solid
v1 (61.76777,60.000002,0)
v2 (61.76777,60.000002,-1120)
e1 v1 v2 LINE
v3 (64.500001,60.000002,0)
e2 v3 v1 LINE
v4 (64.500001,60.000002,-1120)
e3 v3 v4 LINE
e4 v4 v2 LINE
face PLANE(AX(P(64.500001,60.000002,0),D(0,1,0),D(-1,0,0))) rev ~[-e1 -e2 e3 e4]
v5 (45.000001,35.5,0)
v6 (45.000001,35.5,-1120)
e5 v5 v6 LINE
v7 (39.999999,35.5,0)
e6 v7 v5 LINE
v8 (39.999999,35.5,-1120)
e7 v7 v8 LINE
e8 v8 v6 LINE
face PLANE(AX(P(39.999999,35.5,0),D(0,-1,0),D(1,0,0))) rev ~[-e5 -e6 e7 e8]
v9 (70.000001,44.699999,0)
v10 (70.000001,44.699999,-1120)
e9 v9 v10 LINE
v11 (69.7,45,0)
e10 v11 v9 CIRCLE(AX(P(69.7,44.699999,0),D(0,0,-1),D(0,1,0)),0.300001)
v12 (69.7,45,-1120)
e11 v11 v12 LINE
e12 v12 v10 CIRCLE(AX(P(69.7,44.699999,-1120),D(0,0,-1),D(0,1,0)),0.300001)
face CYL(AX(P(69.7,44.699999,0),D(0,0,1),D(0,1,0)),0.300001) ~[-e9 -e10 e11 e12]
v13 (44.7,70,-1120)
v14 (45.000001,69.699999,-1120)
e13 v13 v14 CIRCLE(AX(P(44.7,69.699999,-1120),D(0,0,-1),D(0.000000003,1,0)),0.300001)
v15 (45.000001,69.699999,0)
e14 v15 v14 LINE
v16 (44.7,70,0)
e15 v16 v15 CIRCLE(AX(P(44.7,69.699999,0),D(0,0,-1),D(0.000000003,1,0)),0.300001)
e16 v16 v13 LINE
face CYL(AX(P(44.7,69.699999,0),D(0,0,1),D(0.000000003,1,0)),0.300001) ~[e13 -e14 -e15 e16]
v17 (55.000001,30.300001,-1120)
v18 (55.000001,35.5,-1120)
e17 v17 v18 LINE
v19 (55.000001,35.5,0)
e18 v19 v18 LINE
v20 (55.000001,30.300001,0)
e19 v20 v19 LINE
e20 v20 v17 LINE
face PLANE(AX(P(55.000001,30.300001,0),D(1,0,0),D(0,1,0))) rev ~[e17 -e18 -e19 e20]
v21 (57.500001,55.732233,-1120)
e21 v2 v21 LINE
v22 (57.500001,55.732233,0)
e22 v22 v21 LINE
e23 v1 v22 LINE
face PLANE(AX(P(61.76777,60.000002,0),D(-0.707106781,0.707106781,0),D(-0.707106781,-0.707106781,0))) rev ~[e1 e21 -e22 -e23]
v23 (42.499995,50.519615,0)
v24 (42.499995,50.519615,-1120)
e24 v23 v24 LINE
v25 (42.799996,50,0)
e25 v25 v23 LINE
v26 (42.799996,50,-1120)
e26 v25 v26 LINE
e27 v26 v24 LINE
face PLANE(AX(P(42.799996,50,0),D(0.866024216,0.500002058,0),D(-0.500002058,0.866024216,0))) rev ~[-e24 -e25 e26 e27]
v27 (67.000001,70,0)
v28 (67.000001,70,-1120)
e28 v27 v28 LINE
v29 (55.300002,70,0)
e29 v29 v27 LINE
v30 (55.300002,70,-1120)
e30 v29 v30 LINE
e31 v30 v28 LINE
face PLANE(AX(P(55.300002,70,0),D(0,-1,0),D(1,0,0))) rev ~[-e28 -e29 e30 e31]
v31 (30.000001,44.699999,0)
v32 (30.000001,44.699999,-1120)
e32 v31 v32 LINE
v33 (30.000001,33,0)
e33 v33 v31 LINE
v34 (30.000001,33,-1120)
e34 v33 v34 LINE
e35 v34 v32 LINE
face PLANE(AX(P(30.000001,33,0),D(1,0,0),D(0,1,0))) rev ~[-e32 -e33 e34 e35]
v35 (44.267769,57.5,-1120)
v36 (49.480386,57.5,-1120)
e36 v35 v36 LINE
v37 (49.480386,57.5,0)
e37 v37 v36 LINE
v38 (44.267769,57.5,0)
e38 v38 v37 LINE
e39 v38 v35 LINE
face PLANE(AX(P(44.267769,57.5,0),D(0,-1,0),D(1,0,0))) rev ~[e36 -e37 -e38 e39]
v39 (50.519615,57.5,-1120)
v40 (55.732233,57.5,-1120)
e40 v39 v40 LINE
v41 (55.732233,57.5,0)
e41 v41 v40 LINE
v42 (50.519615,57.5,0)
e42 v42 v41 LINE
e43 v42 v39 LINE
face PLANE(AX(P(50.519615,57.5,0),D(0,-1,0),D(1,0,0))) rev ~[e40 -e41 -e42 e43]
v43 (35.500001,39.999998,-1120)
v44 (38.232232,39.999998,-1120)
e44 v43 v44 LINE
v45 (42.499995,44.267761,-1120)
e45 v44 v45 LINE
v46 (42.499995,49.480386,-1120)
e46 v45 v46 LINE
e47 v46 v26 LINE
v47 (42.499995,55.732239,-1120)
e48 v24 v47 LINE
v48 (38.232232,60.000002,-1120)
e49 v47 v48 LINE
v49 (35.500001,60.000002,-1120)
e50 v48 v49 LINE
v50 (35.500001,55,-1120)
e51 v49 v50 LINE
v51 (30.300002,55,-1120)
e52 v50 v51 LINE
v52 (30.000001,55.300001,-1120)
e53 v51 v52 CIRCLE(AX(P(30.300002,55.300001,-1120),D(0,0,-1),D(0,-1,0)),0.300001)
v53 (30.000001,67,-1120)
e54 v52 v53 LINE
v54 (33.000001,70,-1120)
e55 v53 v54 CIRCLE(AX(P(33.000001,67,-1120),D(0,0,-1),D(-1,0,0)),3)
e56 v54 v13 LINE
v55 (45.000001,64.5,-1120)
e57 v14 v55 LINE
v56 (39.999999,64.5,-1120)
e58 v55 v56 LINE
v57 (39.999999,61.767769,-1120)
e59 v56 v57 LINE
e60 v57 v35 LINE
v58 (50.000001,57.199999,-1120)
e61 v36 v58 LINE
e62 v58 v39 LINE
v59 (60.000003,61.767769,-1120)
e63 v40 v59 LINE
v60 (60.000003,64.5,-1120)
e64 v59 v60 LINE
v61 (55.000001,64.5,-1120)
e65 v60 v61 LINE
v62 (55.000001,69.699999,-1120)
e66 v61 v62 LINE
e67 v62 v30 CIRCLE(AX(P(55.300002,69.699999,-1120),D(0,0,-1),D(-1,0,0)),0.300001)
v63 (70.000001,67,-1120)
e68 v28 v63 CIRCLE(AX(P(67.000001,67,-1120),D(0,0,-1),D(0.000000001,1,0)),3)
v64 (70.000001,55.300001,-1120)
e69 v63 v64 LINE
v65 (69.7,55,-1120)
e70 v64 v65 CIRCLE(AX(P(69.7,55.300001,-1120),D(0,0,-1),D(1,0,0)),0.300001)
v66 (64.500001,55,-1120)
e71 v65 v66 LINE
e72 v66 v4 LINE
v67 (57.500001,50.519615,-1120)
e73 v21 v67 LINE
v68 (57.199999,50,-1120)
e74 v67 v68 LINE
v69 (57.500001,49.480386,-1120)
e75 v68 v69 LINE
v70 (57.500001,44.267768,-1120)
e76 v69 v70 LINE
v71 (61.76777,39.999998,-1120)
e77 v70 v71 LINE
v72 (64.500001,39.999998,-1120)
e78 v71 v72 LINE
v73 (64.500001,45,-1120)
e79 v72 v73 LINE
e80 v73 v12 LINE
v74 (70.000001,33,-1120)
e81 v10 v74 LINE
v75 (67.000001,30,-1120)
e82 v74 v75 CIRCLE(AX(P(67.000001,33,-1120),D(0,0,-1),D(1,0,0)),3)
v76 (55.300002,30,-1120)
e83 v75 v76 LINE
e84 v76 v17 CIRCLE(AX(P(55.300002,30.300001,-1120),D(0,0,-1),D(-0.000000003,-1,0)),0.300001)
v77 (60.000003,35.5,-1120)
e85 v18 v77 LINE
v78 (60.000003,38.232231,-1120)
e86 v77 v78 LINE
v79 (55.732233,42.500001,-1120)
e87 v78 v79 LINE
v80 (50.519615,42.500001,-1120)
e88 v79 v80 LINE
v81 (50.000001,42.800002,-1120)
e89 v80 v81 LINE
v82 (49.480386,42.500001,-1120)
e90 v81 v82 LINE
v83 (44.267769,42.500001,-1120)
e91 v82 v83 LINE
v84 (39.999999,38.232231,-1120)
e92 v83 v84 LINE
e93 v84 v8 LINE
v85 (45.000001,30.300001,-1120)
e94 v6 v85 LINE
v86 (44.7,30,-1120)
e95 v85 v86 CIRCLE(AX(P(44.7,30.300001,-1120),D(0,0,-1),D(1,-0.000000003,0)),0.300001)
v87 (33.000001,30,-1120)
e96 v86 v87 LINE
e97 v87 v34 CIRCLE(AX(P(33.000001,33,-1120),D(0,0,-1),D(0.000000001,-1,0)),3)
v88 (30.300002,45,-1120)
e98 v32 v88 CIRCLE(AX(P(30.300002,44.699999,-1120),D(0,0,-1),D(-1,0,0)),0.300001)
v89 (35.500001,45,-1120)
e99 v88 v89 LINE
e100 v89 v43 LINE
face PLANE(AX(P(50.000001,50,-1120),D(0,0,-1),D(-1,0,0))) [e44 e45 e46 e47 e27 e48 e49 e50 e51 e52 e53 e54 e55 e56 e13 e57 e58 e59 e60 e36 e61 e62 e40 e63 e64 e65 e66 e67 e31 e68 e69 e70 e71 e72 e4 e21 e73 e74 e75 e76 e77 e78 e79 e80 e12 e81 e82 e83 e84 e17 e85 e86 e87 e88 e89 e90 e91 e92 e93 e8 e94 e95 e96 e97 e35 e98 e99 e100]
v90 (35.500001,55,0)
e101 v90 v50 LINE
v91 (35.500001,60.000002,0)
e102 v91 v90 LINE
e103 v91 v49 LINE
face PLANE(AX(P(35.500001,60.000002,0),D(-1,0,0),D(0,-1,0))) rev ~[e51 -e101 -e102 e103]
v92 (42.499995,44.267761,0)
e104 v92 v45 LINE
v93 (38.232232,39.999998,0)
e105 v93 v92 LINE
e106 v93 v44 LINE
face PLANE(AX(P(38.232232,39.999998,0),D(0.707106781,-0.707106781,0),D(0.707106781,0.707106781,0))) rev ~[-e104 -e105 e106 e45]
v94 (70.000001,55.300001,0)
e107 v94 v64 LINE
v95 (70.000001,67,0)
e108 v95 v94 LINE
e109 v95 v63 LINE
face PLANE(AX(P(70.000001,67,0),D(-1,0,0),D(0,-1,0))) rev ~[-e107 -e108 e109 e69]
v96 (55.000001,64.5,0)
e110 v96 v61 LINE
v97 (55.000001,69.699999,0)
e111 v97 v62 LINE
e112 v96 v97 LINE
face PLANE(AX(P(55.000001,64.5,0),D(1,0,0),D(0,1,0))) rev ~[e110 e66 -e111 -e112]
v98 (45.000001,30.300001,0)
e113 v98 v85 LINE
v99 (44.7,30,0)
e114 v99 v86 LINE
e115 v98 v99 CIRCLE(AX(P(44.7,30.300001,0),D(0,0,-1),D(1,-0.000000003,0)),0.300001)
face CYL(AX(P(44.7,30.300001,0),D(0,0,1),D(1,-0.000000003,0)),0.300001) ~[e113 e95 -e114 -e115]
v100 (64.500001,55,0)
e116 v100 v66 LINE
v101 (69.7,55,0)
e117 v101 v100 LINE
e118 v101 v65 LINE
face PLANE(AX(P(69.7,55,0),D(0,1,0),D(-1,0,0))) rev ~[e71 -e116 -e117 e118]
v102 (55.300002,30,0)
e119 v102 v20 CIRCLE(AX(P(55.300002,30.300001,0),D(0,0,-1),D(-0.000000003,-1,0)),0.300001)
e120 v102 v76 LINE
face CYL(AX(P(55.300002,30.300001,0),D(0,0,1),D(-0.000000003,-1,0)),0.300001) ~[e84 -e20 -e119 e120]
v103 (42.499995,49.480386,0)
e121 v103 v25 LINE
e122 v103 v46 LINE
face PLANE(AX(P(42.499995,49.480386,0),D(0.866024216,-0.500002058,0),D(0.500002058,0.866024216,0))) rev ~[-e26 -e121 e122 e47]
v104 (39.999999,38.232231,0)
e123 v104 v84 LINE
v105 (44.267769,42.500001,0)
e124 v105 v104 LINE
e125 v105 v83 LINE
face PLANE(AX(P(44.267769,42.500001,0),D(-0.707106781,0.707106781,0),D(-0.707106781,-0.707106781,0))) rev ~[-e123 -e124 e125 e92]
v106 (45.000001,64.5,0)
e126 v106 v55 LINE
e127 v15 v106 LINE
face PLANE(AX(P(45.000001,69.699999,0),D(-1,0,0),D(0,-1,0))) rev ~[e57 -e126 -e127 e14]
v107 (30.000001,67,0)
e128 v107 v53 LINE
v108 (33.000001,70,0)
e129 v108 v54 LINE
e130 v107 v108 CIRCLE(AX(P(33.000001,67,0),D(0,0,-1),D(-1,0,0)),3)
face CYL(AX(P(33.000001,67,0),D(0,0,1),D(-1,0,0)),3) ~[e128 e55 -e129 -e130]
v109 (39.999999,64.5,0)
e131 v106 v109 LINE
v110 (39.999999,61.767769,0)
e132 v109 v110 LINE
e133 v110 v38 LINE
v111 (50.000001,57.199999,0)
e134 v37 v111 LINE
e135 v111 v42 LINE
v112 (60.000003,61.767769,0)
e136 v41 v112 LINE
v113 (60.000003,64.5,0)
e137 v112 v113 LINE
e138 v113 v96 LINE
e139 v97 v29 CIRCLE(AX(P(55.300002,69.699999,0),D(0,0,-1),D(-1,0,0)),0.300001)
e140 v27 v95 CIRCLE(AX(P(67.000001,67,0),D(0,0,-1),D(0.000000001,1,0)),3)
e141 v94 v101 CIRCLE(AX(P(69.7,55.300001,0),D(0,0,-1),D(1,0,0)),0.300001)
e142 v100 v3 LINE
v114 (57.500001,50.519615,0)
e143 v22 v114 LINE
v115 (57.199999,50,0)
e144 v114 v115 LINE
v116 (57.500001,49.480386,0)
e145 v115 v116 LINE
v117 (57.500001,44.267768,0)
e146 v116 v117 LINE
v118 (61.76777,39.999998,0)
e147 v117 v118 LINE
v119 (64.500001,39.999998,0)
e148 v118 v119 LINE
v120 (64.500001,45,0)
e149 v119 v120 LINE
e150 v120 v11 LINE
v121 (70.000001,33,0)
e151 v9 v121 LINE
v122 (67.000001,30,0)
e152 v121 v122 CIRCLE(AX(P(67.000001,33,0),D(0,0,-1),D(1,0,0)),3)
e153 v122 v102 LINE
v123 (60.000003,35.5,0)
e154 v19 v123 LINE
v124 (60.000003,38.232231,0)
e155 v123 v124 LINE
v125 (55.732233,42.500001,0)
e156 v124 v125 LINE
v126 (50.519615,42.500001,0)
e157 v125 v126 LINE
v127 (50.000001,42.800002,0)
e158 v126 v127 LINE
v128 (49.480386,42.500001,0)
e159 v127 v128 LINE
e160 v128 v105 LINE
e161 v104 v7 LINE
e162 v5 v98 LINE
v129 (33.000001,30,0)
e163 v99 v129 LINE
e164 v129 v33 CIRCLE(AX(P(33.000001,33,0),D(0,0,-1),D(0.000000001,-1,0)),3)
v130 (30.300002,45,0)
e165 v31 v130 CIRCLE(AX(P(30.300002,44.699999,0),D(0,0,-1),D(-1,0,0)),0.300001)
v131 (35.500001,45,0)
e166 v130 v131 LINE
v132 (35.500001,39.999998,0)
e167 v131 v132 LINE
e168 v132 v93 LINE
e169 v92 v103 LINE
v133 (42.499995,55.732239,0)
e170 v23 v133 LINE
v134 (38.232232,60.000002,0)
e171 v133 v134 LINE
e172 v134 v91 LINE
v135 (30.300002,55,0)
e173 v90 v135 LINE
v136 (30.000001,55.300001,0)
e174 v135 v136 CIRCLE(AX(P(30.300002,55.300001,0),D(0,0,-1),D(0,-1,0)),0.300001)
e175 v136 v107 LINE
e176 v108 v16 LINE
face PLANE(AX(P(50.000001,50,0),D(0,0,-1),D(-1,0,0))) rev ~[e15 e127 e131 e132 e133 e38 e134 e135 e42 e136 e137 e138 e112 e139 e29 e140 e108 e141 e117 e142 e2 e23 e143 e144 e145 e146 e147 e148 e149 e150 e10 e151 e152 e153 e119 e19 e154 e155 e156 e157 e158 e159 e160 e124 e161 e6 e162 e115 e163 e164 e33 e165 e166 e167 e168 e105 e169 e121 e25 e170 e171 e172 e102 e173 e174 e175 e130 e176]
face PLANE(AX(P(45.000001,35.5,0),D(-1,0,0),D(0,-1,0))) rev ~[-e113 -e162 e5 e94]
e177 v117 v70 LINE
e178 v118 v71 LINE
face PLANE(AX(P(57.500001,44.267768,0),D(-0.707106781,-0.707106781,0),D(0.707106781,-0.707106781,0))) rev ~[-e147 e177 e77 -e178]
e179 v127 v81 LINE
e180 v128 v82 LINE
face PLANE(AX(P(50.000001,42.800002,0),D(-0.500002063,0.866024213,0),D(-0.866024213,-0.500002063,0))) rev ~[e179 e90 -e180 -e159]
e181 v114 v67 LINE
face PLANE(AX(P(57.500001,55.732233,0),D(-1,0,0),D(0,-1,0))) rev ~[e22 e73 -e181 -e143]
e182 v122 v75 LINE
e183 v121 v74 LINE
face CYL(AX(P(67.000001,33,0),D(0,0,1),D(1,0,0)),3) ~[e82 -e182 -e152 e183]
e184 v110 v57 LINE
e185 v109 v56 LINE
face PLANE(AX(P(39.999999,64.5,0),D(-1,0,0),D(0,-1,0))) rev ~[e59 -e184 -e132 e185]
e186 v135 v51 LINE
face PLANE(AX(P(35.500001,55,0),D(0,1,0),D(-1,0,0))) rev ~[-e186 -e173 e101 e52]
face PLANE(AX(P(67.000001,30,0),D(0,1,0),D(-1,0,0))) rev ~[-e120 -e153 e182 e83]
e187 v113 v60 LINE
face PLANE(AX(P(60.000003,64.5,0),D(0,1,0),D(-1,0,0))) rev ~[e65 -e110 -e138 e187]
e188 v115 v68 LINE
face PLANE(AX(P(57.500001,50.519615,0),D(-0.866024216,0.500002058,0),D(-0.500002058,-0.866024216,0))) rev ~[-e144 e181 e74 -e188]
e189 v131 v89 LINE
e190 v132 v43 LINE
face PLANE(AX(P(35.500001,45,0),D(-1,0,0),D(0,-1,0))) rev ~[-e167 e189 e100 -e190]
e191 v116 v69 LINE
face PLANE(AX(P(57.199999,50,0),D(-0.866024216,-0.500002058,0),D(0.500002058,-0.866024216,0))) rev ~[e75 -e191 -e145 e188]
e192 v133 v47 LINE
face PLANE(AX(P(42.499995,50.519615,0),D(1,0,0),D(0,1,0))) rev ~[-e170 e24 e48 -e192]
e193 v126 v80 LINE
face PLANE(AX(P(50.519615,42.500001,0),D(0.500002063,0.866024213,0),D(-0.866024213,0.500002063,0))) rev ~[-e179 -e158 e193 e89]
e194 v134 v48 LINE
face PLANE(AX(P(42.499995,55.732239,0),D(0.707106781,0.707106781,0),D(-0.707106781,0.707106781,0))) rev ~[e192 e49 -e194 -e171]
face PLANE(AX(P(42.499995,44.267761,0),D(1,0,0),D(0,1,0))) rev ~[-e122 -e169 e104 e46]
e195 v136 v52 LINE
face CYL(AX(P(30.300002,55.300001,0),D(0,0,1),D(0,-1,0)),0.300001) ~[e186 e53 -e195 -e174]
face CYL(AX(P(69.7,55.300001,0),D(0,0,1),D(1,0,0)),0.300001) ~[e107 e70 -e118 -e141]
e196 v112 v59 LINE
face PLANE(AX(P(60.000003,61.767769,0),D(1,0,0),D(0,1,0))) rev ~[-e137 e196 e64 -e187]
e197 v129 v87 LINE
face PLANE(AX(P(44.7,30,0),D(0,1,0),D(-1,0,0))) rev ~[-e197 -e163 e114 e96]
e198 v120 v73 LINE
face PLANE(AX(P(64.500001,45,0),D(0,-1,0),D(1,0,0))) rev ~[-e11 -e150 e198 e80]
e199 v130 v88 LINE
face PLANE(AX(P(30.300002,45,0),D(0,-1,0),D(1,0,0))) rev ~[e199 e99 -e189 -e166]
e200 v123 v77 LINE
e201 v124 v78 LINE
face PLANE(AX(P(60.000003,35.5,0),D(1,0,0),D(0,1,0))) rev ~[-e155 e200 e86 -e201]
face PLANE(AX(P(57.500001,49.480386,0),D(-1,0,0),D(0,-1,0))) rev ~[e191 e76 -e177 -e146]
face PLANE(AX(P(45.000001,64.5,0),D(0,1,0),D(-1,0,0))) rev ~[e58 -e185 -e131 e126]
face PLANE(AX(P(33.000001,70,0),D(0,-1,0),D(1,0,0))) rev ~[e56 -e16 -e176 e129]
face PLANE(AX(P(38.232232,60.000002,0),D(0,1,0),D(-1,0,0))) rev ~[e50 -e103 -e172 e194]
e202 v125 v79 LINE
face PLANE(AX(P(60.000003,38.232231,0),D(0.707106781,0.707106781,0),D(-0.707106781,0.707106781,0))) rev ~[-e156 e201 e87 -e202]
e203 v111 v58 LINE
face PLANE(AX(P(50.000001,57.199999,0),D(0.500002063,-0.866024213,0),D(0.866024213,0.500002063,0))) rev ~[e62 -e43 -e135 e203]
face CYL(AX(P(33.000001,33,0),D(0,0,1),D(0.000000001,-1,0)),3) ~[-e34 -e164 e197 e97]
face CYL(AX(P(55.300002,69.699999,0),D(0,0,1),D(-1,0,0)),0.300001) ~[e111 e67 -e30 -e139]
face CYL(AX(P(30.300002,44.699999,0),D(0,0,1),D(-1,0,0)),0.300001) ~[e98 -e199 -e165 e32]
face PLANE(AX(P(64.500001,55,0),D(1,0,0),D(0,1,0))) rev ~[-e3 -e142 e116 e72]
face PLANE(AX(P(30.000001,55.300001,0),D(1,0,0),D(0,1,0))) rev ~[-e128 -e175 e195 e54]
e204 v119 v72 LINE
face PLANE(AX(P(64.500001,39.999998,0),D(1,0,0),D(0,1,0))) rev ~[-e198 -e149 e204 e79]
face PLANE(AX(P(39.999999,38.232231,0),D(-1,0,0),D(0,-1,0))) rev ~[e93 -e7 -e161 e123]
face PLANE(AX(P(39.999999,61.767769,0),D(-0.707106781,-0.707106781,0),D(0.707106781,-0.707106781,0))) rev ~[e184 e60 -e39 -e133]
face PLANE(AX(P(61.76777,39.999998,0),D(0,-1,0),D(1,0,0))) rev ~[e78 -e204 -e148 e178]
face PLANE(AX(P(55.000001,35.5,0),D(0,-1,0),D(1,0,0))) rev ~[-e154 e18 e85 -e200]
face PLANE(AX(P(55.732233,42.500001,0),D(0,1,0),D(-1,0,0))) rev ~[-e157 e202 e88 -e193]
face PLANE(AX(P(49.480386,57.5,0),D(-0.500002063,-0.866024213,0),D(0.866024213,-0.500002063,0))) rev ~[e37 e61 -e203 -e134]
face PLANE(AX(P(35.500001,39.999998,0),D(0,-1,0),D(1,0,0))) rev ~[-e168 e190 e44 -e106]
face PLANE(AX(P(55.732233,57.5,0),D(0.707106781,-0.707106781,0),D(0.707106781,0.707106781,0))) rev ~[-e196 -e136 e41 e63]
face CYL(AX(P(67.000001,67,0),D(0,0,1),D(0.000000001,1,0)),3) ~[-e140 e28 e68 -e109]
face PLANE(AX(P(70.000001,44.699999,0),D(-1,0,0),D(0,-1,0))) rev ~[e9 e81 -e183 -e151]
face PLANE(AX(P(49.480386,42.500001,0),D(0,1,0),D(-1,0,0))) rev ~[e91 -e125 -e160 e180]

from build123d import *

# Parameters (mm, degrees)
EXTRUDE_1_DEPTH = 1120


with BuildPart() as part:
    # Model → ﾎﾞｽ - 押し出し1 (new body)
    with BuildSketch(Plane.XY):
        with BuildLine():
            Line((69.700000053, 55.000000195), (64.500000711, 55.000000195))
            Line((64.500000711, 55.000000195), (64.500000711, 60.000002187))
            Line((64.500000711, 60.000002187), (61.76777021, 60.000002187))
            Line((61.76777021, 60.000002187), (57.500000584, 55.732232559))
            Line((57.500000584, 55.732232559), (57.500000584, 50.519614724))
            Line((57.500000584, 50.519614724), (57.199999339, 50.000000177))
            Line((57.199999339, 50.000000177), (57.500000584, 49.48038563))
            Line((57.500000584, 49.48038563), (57.500000584, 44.267767795))
            Line((57.500000584, 44.267767795), (61.76777021, 39.999998167))
            Line((61.76777021, 39.999998167), (64.500000711, 39.999998167))
            Line((64.500000711, 39.999998167), (64.500000711, 45.000000159))
            Line((64.500000711, 45.000000159), (69.700000053, 45.000000159))
            ThreePointArc((69.700000053, 45.000000159), (69.9121326, 44.912131981), (70.000000778, 44.699999434))
            Line((70.000000778, 44.699999434), (70.000000778, 33.000000332))
            ThreePointArc((70.000000778, 33.000000332), (69.121321121, 30.878679988), (67.000000778, 30.000000332))
            Line((67.000000778, 30.000000332), (55.300001675, 30.000000332))
            ThreePointArc((55.300001675, 30.000000332), (55.087869129, 30.08786851), (55.000000951, 30.300001056))
            Line((55.000000951, 30.300001056), (55.000000951, 35.500000399))
            Line((55.000000951, 35.500000399), (60.000002943, 35.500000399))
            Line((60.000002943, 35.500000399), (60.000002943, 38.232230899))
            Line((60.000002943, 38.232230899), (55.732233316, 42.500000527))
            Line((55.732233316, 42.500000527), (50.519615481, 42.500000527))
            Line((50.519615481, 42.500000527), (50.000000936, 42.800001775))
            Line((50.000000936, 42.800001775), (49.480386391, 42.500000527))
            Line((49.480386391, 42.500000527), (44.267768556, 42.500000527))
            Line((44.267768556, 42.500000527), (39.999998929, 38.232230899))
            Line((39.999998929, 38.232230899), (39.999998929, 35.500000399))
            Line((39.999998929, 35.500000399), (45.000000921, 35.500000399))
            Line((45.000000921, 35.500000399), (45.000000921, 30.300001056))
            ThreePointArc((45.000000921, 30.300001056), (44.912132743, 30.08786851), (44.700000197, 30.000000332))
            Line((44.700000197, 30.000000332), (33.000001094, 30.000000332))
            ThreePointArc((33.000001094, 30.000000332), (30.87868075, 30.878679988), (30.000001094, 33.000000332))
            Line((30.000001094, 33.000000332), (30.000001094, 44.699999434))
            ThreePointArc((30.000001094, 44.699999434), (30.087869272, 44.912131981), (30.300001819, 45.000000159))
            Line((30.300001819, 45.000000159), (35.500001161, 45.000000159))
            Line((35.500001161, 45.000000159), (35.500001161, 39.999998167))
            Line((35.500001161, 39.999998167), (38.232231661, 39.999998167))
            Line((38.232231661, 39.999998167), (42.499994889, 44.267761396))
            Line((42.499994889, 44.267761396), (42.499994889, 49.48038563))
            Line((42.499994889, 49.48038563), (42.799996134, 50.000000177))
            Line((42.799996134, 50.000000177), (42.499994889, 50.519614724))
            Line((42.499994889, 50.519614724), (42.499994889, 55.732238958))
            Line((42.499994889, 55.732238958), (38.232231661, 60.000002187))
            Line((38.232231661, 60.000002187), (35.500001161, 60.000002187))
            Line((35.500001161, 60.000002187), (35.500001161, 55.000000195))
            Line((35.500001161, 55.000000195), (30.300001819, 55.000000195))
            ThreePointArc((30.300001819, 55.000000195), (30.087869272, 55.087868373), (30.000001094, 55.30000092))
            Line((30.000001094, 55.30000092), (30.000001094, 67.000000023))
            ThreePointArc((30.000001094, 67.000000023), (30.87868075, 69.121320366), (33.000001094, 70.000000023))
            Line((33.000001094, 70.000000023), (44.700000197, 70.000000023))
            ThreePointArc((44.700000197, 70.000000023), (44.912132743, 69.912131845), (45.000000921, 69.699999298))
            Line((45.000000921, 69.699999298), (45.000000921, 64.499999956))
            Line((45.000000921, 64.499999956), (39.999998929, 64.499999956))
            Line((39.999998929, 64.499999956), (39.999998929, 61.767769455))
            Line((39.999998929, 61.767769455), (44.267768556, 57.499999827))
            Line((44.267768556, 57.499999827), (49.480386391, 57.499999827))
            Line((49.480386391, 57.499999827), (50.000000936, 57.199998579))
            Line((50.000000936, 57.199998579), (50.519615481, 57.499999827))
            Line((50.519615481, 57.499999827), (55.732233316, 57.499999827))
            Line((55.732233316, 57.499999827), (60.000002943, 61.767769455))
            Line((60.000002943, 61.767769455), (60.000002943, 64.499999956))
            Line((60.000002943, 64.499999956), (55.000000951, 64.499999956))
            Line((55.000000951, 64.499999956), (55.000000951, 69.699999298))
            ThreePointArc((55.000000951, 69.699999298), (55.087869129, 69.912131845), (55.300001675, 70.000000023))
            Line((55.300001675, 70.000000023), (67.000000778, 70.000000023))
            ThreePointArc((67.000000778, 70.000000023), (69.121321121, 69.121320366), (70.000000778, 67.000000023))
            Line((70.000000778, 67.000000023), (70.000000778, 55.30000092))
            ThreePointArc((70.000000778, 55.30000092), (69.9121326, 55.087868373), (69.700000053, 55.000000195))
        make_face()
    extrude(amount=-EXTRUDE_1_DEPTH)


solid = part.part
